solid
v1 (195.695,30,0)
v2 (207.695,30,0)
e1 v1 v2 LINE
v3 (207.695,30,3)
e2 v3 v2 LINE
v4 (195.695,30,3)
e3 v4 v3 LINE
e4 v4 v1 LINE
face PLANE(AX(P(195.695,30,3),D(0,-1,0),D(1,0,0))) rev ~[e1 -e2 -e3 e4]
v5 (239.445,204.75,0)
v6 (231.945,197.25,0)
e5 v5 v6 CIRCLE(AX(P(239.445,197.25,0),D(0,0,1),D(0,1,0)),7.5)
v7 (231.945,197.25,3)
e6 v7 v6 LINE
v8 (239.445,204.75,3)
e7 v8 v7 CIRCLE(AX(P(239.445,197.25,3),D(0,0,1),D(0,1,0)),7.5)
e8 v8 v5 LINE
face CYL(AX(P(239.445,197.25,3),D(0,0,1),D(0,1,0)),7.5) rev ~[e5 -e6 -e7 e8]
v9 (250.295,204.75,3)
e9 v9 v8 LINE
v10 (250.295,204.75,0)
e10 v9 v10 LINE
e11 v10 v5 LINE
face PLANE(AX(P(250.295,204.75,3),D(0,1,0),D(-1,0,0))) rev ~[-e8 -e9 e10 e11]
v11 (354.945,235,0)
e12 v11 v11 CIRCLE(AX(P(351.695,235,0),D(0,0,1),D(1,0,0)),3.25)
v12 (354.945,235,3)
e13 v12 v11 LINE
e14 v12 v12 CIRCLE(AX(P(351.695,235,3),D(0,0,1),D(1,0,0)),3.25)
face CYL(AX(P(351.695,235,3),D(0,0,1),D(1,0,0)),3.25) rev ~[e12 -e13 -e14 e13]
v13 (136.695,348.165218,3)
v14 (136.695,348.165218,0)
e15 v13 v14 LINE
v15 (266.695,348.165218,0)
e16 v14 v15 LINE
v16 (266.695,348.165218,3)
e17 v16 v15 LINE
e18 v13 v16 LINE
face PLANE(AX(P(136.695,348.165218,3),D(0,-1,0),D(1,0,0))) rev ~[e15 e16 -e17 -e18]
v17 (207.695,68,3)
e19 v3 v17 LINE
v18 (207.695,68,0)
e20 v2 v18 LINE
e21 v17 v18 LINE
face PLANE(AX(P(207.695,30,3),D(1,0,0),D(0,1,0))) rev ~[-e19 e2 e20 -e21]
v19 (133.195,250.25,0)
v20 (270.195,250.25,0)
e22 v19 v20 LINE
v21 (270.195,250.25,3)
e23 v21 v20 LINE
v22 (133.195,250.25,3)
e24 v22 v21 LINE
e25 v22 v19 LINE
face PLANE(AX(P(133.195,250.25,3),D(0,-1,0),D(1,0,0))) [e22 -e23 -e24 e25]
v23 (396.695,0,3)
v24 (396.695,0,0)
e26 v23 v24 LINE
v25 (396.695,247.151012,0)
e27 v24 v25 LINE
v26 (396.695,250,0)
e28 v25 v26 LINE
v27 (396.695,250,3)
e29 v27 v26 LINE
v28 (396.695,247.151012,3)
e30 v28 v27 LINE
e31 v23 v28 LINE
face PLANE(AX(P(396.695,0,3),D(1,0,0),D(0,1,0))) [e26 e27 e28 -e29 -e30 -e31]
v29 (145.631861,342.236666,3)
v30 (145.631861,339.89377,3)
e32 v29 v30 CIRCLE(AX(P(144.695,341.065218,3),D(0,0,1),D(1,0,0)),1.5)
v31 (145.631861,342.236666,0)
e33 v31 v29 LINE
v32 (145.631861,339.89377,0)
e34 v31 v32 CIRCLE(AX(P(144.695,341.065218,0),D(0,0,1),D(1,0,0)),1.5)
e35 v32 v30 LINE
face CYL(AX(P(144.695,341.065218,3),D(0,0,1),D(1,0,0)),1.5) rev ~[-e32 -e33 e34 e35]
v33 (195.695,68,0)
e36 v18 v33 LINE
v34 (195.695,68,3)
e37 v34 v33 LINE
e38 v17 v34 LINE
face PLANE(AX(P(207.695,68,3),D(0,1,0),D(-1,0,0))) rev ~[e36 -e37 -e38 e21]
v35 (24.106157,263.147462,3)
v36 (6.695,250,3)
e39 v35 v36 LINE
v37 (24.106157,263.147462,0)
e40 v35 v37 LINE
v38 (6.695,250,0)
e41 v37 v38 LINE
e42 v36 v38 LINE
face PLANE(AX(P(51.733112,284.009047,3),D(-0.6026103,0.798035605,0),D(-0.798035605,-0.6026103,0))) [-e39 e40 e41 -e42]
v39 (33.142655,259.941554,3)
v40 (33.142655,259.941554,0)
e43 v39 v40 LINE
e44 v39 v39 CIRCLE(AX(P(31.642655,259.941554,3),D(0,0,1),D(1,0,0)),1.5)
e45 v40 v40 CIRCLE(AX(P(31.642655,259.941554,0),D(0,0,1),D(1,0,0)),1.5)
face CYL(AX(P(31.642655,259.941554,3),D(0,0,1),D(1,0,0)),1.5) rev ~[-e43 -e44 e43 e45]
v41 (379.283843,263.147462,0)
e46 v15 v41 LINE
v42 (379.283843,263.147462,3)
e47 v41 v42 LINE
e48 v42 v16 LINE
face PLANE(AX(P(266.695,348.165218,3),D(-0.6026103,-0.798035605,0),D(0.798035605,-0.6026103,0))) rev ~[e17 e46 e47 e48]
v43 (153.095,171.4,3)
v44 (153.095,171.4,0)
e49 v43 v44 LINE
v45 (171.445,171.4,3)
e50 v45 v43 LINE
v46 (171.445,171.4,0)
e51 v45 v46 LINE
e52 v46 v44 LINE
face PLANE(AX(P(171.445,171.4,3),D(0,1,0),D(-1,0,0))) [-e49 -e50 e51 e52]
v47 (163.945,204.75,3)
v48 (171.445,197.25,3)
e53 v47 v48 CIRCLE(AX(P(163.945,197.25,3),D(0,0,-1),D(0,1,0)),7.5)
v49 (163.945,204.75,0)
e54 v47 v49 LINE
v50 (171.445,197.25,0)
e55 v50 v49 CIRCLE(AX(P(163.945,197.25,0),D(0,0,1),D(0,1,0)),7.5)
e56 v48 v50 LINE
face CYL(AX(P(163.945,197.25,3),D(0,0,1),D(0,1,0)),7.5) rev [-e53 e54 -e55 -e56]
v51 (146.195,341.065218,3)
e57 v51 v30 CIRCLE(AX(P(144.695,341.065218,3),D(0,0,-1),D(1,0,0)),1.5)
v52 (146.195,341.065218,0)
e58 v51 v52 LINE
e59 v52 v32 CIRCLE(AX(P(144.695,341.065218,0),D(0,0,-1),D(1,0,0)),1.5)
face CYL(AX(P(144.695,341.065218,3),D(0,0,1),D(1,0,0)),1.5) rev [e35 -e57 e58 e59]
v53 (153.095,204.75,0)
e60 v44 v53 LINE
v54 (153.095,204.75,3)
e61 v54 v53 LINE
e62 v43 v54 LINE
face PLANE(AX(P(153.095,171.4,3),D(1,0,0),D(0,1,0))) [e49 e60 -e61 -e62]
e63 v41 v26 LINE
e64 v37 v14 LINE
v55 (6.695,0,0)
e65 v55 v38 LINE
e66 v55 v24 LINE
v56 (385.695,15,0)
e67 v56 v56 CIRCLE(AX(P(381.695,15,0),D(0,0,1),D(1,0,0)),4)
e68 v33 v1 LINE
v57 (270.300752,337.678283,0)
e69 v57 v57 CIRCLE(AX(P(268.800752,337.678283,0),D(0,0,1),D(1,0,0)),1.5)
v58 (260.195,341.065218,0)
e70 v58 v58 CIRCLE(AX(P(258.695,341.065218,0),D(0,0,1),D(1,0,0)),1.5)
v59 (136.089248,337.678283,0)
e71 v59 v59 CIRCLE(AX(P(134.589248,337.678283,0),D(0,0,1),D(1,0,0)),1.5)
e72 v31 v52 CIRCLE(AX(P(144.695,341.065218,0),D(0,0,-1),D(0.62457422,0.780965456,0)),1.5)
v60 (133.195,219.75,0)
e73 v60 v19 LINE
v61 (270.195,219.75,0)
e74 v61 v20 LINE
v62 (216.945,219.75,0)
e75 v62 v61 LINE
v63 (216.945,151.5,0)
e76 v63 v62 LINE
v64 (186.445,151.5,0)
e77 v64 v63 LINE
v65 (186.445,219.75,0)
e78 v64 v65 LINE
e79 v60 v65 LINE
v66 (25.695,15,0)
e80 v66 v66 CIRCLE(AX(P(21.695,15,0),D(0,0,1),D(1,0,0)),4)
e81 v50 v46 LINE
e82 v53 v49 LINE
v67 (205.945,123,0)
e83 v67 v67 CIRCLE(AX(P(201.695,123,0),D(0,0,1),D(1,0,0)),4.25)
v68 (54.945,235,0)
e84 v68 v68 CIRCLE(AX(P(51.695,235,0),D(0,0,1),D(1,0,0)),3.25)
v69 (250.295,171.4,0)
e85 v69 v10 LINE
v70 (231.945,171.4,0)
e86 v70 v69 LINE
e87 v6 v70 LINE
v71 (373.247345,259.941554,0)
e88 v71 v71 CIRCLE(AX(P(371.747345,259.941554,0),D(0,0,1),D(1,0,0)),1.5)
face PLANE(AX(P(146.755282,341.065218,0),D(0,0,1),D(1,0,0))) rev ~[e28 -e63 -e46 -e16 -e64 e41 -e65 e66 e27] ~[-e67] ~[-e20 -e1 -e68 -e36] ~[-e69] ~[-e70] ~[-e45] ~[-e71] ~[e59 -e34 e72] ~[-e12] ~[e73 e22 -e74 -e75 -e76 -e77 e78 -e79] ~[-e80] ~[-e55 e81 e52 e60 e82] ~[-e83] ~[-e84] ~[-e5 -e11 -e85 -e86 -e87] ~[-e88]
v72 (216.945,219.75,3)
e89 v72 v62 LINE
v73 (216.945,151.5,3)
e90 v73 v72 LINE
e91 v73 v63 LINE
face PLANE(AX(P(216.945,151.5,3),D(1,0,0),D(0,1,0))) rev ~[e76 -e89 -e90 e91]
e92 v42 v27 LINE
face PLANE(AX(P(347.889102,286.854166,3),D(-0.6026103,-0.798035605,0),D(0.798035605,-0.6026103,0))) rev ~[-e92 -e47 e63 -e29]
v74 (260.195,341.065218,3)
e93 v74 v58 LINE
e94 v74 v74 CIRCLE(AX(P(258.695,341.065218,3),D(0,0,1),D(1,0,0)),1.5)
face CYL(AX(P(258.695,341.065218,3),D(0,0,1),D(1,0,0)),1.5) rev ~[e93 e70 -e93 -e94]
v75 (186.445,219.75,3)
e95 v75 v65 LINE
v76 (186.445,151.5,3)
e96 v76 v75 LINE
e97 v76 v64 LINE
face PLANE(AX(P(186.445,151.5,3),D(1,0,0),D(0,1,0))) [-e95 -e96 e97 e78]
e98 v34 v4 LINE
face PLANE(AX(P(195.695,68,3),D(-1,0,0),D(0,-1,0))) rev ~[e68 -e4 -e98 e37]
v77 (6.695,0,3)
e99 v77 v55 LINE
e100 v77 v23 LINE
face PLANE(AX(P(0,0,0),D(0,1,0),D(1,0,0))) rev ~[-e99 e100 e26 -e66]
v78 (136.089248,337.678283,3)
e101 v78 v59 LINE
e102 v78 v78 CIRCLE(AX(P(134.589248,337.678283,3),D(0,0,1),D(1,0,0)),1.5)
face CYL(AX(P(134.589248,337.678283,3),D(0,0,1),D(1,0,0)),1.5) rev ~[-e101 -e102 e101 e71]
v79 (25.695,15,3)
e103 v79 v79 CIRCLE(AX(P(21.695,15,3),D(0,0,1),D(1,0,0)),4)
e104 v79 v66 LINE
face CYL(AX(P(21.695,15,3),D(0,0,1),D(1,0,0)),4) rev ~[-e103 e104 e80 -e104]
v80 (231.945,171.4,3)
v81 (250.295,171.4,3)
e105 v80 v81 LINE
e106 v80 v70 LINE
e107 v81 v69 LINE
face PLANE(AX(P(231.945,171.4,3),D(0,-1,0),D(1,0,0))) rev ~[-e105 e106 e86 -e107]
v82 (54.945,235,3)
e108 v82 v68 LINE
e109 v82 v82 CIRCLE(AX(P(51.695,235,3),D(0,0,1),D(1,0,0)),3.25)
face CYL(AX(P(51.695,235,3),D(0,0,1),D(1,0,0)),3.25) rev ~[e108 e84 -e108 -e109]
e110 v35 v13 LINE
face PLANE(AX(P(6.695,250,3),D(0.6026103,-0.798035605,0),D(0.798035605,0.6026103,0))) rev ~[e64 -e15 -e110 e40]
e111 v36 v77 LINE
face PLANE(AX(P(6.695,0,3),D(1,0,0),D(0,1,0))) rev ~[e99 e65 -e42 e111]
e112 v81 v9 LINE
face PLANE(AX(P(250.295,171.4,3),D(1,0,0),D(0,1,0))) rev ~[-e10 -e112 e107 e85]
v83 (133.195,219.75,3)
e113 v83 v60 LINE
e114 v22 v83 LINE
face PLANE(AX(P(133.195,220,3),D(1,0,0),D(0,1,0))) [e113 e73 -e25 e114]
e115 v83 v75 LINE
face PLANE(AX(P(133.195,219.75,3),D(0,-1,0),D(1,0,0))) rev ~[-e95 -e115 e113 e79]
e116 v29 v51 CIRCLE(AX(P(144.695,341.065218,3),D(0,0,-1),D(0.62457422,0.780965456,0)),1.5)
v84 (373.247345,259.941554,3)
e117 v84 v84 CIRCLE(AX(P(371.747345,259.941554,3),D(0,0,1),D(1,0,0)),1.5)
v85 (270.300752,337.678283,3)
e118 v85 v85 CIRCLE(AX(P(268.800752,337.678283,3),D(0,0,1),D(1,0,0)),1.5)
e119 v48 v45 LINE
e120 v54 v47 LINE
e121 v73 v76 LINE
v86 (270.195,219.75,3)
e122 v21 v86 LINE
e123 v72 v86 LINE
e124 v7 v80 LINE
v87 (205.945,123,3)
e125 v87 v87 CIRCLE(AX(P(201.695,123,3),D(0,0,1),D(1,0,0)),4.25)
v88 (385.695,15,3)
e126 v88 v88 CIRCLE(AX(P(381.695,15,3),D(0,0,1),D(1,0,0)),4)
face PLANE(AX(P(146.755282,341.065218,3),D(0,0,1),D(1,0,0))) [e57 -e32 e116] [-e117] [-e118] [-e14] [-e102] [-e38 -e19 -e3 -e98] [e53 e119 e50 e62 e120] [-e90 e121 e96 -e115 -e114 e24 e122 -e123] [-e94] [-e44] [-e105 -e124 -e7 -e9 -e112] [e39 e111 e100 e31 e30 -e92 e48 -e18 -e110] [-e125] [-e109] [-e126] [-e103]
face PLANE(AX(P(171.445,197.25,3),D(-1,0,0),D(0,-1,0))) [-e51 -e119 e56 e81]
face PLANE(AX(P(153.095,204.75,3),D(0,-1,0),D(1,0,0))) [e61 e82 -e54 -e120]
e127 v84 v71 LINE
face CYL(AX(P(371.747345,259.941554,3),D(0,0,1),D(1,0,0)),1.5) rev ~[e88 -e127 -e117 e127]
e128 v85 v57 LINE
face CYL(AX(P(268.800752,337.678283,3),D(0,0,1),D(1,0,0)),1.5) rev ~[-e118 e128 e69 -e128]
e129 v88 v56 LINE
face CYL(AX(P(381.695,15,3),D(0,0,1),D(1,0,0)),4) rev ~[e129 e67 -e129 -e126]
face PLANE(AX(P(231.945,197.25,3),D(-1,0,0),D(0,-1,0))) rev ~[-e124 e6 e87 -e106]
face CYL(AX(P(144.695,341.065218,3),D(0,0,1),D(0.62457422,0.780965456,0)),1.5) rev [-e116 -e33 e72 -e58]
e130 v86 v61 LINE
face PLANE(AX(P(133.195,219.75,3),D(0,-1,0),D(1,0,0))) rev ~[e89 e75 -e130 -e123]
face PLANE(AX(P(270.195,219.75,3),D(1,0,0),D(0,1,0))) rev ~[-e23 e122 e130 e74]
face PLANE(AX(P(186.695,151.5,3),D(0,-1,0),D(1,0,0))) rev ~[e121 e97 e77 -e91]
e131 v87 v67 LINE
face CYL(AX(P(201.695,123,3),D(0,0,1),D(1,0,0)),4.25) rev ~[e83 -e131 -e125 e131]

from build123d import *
from build123d.topology import SkipClean

# Parameters (mm, degrees)
BOSS_EXTRUDE1_DEPTH     = 3
CROQUIS1_W              = 50.575264902
CROQUIS1_H              = 364.883290788
CROQUIS1_W_2            = 121.011581191
CROQUIS1_H_2            = 356.31671178
CORTAR_EXTRUIR1_DEPTH   = 10
CROQUIS2_W              = 390
CROQUIS2_H              = 250
SALIENTE_EXTRUIR1_DEPTH = 3
CROQUIS3_W              = 60
CROQUIS3_H              = 30
CORTAR_EXTRUIR3_DEPTH   = 3
CROQUIS4_W              = 90
CROQUIS4_H              = 3
SALIENTE_EXTRUIR2_DEPTH = 3
CROQUIS5_W              = 30
CROQUIS5_H              = 30
CORTAR_EXTRUIR4_DEPTH   = 3
CROQUIS6_W              = 30
CROQUIS6_H              = 38.5
CORTAR_EXTRUIR5_DEPTH   = 3
CROQUIS7_W              = 38.5
CROQUIS7_H              = 30
CORTAR_EXTRUIR6_DEPTH   = 3
CROQUIS8_W              = 137
CROQUIS8_H              = 0.25
CORTAR_EXTRUIR7_DEPTH   = 3
CROQUIS9_W              = 0.25
CROQUIS9_H              = 68.25
CORTAR_EXTRUIR8_DEPTH   = 3
CORTAR_EXTRUIR9_DEPTH   = 3
SALIENTE_EXTRUIR3_DEPTH = 3
CROQUIS12_R             = 4
CORTAR_EXTRUIR10_DEPTH  = 3
CROQUIS13_R             = 4.25
CROQUIS13_R_2           = 3.25
SALIENTE_EXTRUIR4_DEPTH = 3
CROQUIS14_R             = 4.25
CORTAR_EXTRUIR11_DEPTH  = 3
CROQUIS15_R             = 4.25
CORTAR_EXTRUIR12_DEPTH  = 25
SALIENTE_EXTRUIR5_DEPTH = 3
CROQUIS17_R             = 1.5
CORTAR_EXTRUIR13_DEPTH  = 10
CROQUIS18_R             = 1.5
CORTAR_EXTRUIR14_DEPTH  = 30
CROQUIS19_R             = 1.5
SALIENTE_EXTRUIR6_DEPTH = 3
CROQUIS21_R             = 1.5
CORTAR_EXTRUIR15_DEPTH  = 3
SALIENTE_EXTRUIR7_DEPTH = 3
CORTAR_EXTRUIR17_DEPTH  = 10
CORTAR_EXTRUIR18_DEPTH  = 10


with BuildPart() as part:
    # Sketch1 → Boss-Extrude1 (new body)
    with BuildSketch(Plane.XY):
        Polygon((0, 0), (403.39, 0), (403.39, 241), (274.41, 359.5), (128.98, 359.5), (0, 241), align=None)
        Polygon((216.695, 223), (246.695, 223), (246.695, 253), (156.695, 253), (156.695, 223), (186.695, 223), (186.695, 219.825), (216.695, 219.825), align=None, mode=Mode.SUBTRACT)
    extrude(amount=BOSS_EXTRUDE1_DEPTH)

    # Croquis1 → Cortar-Extruir1 (cut)
    with BuildSketch(Plane.XY.offset(3)):
        with Locations((-18.592632451, 182.441645394)):
            Rectangle(CROQUIS1_W, CROQUIS1_H)
        with Locations((457.200790596, 178.15835589)):
            Rectangle(CROQUIS1_W_2, CROQUIS1_H_2)
    extrude(amount=-CORTAR_EXTRUIR1_DEPTH, mode=Mode.SUBTRACT)

    # Croquis2 → Saliente-Extruir1 (add)
    with BuildSketch(Plane.XY.offset(3)):
        with Locations((201.695, 125)):
            Rectangle(CROQUIS2_W, CROQUIS2_H)
    extrude(amount=-SALIENTE_EXTRUIR1_DEPTH)

    # Croquis3 → Cortar-Extruir3 (cut)
    with BuildSketch(Plane.XY.offset(3)):
        with Locations((201.695, 235)):
            Rectangle(CROQUIS3_W, CROQUIS3_H)
    extrude(amount=-CORTAR_EXTRUIR3_DEPTH, mode=Mode.SUBTRACT)

    # Croquis4 → Saliente-Extruir2 (add)
    with BuildSketch(Plane.XY.offset(3)):
        with Locations((201.695, 251.5)):
            Rectangle(CROQUIS4_W, CROQUIS4_H)
    extrude(amount=-SALIENTE_EXTRUIR2_DEPTH)

    # Croquis5 → Cortar-Extruir4 (cut)
    with BuildSketch(Plane.XY.offset(3)):
        with Locations((201.695, 205)):
            Rectangle(CROQUIS5_W, CROQUIS5_H)
    extrude(amount=-CORTAR_EXTRUIR4_DEPTH, mode=Mode.SUBTRACT)

    # Croquis6 → Cortar-Extruir5 (cut)
    with BuildSketch(Plane.XY.offset(3)):
        with Locations((201.695, 170.75)):
            Rectangle(CROQUIS6_W, CROQUIS6_H)
    extrude(amount=-CORTAR_EXTRUIR5_DEPTH, mode=Mode.SUBTRACT)

    # Croquis7 → Cortar-Extruir6 (cut)
    with BuildSketch(Plane.XY.offset(3)):
        with Locations((152.445, 235)):
            Rectangle(CROQUIS7_W, CROQUIS7_H)
        with Locations((250.945, 235)):
            Rectangle(CROQUIS7_W, CROQUIS7_H)
    extrude(amount=-CORTAR_EXTRUIR6_DEPTH, mode=Mode.SUBTRACT)

    # Croquis8 → Cortar-Extruir7 (cut)
    with BuildSketch(Plane.XY.offset(3)):
        with Locations((201.695, 250.125)):
            Rectangle(CROQUIS8_W, CROQUIS8_H)
        with Locations((201.695, 219.875)):
            Rectangle(CROQUIS8_W, CROQUIS8_H)
    extrude(amount=-CORTAR_EXTRUIR7_DEPTH, mode=Mode.SUBTRACT)

    # Croquis9 → Cortar-Extruir8 (cut)
    with BuildSketch(Plane.XY.offset(3)):
        with Locations((186.57, 185.625)):
            Rectangle(CROQUIS9_W, CROQUIS9_H)
        with Locations((216.82, 185.625)):
            Rectangle(CROQUIS9_W, CROQUIS9_H)
    extrude(amount=-CORTAR_EXTRUIR8_DEPTH, mode=Mode.SUBTRACT)

    # Croquis10 → Cortar-Extruir9 (cut)
    with BuildSketch(Plane.XY.offset(3)):
        Polygon((136.695, 348.165217873), (266.695, 348.165217873), (396.695, 250), (402.242964747, 389.308105161), (24.251899655, 412.117910813), (6.695, 250), align=None)
    extrude(amount=-CORTAR_EXTRUIR9_DEPTH, mode=Mode.SUBTRACT)

    # Croquis11 → Saliente-Extruir3 (add)
    with BuildSketch(Plane.XY.offset(3)):
        Polygon((51.733112384, 284.009047037), (6.695, 250), (31.650370126, 216.951653685), align=None)
        Polygon((347.889102287, 286.854166019), (396.695, 250), (356.623353442, 225.729213199), align=None)
    extrude(amount=-SALIENTE_EXTRUIR3_DEPTH)

    # Croquis12 → Cortar-Extruir10 (cut)
    with BuildSketch(Plane.XY.offset(3)):
        with Locations((21.695, 15)):
            Circle(CROQUIS12_R)
        with Locations((381.695, 15)):
            Circle(CROQUIS12_R)
        with Locations((51.695, 235)):
            Circle(CROQUIS12_R)
        with Locations((351.695, 235)):
            Circle(CROQUIS12_R)
    extrude(amount=-CORTAR_EXTRUIR10_DEPTH, mode=Mode.SUBTRACT)

    # Croquis13 → Saliente-Extruir4 (add)
    # profile 1 of 2: a face of its own
    with BuildSketch(Plane.XY.offset(3)):
        with Locations((51.695, 235)):
            Circle(CROQUIS13_R)
        with Locations((51.695, 235)):
            Circle(CROQUIS13_R_2, mode=Mode.SUBTRACT)
    # profile 2 of 2: a face of its own
    with BuildSketch(Plane.XY.offset(3)):
        with Locations((351.695, 235)):
            Circle(CROQUIS13_R)
        with Locations((351.695, 235)):
            Circle(CROQUIS13_R_2, mode=Mode.SUBTRACT)
    extrude(amount=-SALIENTE_EXTRUIR4_DEPTH)

    # Croquis14 → Cortar-Extruir11 (cut)
    with BuildSketch(Plane.XY.offset(3)):
        with Locations((201.695, 35)):
            Circle(CROQUIS14_R)
        with Locations((201.695, 123)):
            Circle(CROQUIS14_R)
    extrude(amount=-CORTAR_EXTRUIR11_DEPTH, mode=Mode.SUBTRACT)

    # Croquis15 → Cortar-Extruir12 (cut)
    with BuildSketch(Plane.XY.offset(3)):
        with Locations((201.695, 38)):
            Circle(CROQUIS15_R)
    extrude(amount=-CORTAR_EXTRUIR12_DEPTH, mode=Mode.SUBTRACT)

    # Croquis16 → Saliente-Extruir5 (add)
    with BuildSketch(Plane.XY.offset(3)):
        with BuildLine():
            ThreePointArc((205.67149343, 36.5), (201.695, 33.75), (197.71850657, 36.5))
            ThreePointArc((197.71850657, 36.5), (200.9326343, 30.818935717), (205.945, 35))
            ThreePointArc((205.945, 35), (205.876064283, 35.7623657), (205.67149343, 36.5))
        make_face()
    extrude(amount=-SALIENTE_EXTRUIR5_DEPTH)

    # Croquis17 → Cortar-Extruir13 (cut)
    with BuildSketch(Plane.XY.offset(3)):
        with Locations((146.568722662, 341.065217873)):
            Circle(CROQUIS17_R)
        with Locations((254.977292633, 341.065217873)):
            Circle(CROQUIS17_R)
        with Locations((134.589248293, 337.678282679)):
            Circle(CROQUIS17_R)
        with Locations((31.642655291, 259.941553977)):
            Circle(CROQUIS17_R)
        with Locations((268.800751707, 337.678282679)):
            Circle(CROQUIS17_R)
        with Locations((371.747344709, 259.941553977)):
            Circle(CROQUIS17_R)
    extrude(amount=-CORTAR_EXTRUIR13_DEPTH, mode=Mode.SUBTRACT)

    # Croquis18 → Cortar-Extruir14 (cut)
    with BuildSketch(Plane.XY.offset(3)):
        with Locations((144.695, 341.065217873)):
            Circle(CROQUIS18_R)
        with Locations((258.695, 341.065217873)):
            Circle(CROQUIS18_R)
    extrude(amount=-CORTAR_EXTRUIR14_DEPTH, mode=Mode.SUBTRACT)

    # Croquis19 → Saliente-Extruir6 (add)
    with BuildSketch(Plane.XY.offset(3)):
        with BuildLine():
            ThreePointArc((145.631861331, 339.893769689), (145.068722662, 341.065217873), (145.631861331, 342.236666056))
            ThreePointArc((145.631861331, 342.236666056), (143.195, 341.065217873), (145.631861331, 339.893769689))
        make_face()
        with Locations((254.977292633, 341.065217873)):
            Circle(CROQUIS19_R)
    extrude(amount=-SALIENTE_EXTRUIR6_DEPTH)

    # Croquis21 → Cortar-Extruir15 (cut)
    with BuildSketch(Plane.XY.offset(3)):
        with Locations((144.695, 341.065217873)):
            Circle(CROQUIS21_R)
    extrude(amount=-CORTAR_EXTRUIR15_DEPTH, mode=Mode.SUBTRACT)

    # Croquis22 → Saliente-Extruir7 (add)
    with BuildSketch(Plane.XY.offset(3)):
        with BuildLine():
            ThreePointArc((145.631861331, 342.236666056), (146.046904582, 341.715105557), (146.195, 341.065217873))
            ThreePointArc((146.195, 341.065217873), (146.046904582, 340.415330189), (145.631861331, 339.893769689))
            ThreePointArc((145.631861331, 339.893769689), (147.218610346, 339.713313291), (148.068722662, 341.065217873))
            ThreePointArc((148.068722662, 341.065217873), (147.218610346, 342.417122454), (145.631861331, 342.236666056))
        make_face()
    extrude(amount=-SALIENTE_EXTRUIR7_DEPTH)

    # Croquis23 → Cortar-Extruir17 (cut)
    with BuildSketch(Plane.XY.offset(3)):
        with BuildLine():
            ThreePointArc((163.945, 204.75), (169.248300859, 202.553300859), (171.445, 197.25))
            Line((171.445, 197.25), (171.445, 171.4))
            Line((171.445, 171.4), (153.095, 171.4))
            Line((153.095, 171.4), (153.095, 204.75))
            Line((153.095, 204.75), (163.945, 204.75))
        make_face()
        with BuildLine():
            Line((250.295, 204.75), (239.445, 204.75))
            ThreePointArc((239.445, 204.75), (234.141699141, 202.553300859), (231.945, 197.25))
            Line((231.945, 197.25), (231.945, 171.4))
            Line((231.945, 171.4), (250.295, 171.4))
            Line((250.295, 171.4), (250.295, 204.75))
        make_face()
    extrude(amount=-CORTAR_EXTRUIR17_DEPTH, mode=Mode.SUBTRACT)

    # Croquis25 → Cortar-Extruir18 (cut)
    with SkipClean():  # the faces are left unmerged after this step: merging them gives an invalid solid
        with BuildSketch(Plane.XY.offset(3)):
            Polygon((195.695, 38), (195.695, 30), (207.695, 30), (207.695, 38), (207.695, 68), (195.695, 68), align=None)
        extrude(amount=-CORTAR_EXTRUIR18_DEPTH, mode=Mode.SUBTRACT)


solid = part.part
